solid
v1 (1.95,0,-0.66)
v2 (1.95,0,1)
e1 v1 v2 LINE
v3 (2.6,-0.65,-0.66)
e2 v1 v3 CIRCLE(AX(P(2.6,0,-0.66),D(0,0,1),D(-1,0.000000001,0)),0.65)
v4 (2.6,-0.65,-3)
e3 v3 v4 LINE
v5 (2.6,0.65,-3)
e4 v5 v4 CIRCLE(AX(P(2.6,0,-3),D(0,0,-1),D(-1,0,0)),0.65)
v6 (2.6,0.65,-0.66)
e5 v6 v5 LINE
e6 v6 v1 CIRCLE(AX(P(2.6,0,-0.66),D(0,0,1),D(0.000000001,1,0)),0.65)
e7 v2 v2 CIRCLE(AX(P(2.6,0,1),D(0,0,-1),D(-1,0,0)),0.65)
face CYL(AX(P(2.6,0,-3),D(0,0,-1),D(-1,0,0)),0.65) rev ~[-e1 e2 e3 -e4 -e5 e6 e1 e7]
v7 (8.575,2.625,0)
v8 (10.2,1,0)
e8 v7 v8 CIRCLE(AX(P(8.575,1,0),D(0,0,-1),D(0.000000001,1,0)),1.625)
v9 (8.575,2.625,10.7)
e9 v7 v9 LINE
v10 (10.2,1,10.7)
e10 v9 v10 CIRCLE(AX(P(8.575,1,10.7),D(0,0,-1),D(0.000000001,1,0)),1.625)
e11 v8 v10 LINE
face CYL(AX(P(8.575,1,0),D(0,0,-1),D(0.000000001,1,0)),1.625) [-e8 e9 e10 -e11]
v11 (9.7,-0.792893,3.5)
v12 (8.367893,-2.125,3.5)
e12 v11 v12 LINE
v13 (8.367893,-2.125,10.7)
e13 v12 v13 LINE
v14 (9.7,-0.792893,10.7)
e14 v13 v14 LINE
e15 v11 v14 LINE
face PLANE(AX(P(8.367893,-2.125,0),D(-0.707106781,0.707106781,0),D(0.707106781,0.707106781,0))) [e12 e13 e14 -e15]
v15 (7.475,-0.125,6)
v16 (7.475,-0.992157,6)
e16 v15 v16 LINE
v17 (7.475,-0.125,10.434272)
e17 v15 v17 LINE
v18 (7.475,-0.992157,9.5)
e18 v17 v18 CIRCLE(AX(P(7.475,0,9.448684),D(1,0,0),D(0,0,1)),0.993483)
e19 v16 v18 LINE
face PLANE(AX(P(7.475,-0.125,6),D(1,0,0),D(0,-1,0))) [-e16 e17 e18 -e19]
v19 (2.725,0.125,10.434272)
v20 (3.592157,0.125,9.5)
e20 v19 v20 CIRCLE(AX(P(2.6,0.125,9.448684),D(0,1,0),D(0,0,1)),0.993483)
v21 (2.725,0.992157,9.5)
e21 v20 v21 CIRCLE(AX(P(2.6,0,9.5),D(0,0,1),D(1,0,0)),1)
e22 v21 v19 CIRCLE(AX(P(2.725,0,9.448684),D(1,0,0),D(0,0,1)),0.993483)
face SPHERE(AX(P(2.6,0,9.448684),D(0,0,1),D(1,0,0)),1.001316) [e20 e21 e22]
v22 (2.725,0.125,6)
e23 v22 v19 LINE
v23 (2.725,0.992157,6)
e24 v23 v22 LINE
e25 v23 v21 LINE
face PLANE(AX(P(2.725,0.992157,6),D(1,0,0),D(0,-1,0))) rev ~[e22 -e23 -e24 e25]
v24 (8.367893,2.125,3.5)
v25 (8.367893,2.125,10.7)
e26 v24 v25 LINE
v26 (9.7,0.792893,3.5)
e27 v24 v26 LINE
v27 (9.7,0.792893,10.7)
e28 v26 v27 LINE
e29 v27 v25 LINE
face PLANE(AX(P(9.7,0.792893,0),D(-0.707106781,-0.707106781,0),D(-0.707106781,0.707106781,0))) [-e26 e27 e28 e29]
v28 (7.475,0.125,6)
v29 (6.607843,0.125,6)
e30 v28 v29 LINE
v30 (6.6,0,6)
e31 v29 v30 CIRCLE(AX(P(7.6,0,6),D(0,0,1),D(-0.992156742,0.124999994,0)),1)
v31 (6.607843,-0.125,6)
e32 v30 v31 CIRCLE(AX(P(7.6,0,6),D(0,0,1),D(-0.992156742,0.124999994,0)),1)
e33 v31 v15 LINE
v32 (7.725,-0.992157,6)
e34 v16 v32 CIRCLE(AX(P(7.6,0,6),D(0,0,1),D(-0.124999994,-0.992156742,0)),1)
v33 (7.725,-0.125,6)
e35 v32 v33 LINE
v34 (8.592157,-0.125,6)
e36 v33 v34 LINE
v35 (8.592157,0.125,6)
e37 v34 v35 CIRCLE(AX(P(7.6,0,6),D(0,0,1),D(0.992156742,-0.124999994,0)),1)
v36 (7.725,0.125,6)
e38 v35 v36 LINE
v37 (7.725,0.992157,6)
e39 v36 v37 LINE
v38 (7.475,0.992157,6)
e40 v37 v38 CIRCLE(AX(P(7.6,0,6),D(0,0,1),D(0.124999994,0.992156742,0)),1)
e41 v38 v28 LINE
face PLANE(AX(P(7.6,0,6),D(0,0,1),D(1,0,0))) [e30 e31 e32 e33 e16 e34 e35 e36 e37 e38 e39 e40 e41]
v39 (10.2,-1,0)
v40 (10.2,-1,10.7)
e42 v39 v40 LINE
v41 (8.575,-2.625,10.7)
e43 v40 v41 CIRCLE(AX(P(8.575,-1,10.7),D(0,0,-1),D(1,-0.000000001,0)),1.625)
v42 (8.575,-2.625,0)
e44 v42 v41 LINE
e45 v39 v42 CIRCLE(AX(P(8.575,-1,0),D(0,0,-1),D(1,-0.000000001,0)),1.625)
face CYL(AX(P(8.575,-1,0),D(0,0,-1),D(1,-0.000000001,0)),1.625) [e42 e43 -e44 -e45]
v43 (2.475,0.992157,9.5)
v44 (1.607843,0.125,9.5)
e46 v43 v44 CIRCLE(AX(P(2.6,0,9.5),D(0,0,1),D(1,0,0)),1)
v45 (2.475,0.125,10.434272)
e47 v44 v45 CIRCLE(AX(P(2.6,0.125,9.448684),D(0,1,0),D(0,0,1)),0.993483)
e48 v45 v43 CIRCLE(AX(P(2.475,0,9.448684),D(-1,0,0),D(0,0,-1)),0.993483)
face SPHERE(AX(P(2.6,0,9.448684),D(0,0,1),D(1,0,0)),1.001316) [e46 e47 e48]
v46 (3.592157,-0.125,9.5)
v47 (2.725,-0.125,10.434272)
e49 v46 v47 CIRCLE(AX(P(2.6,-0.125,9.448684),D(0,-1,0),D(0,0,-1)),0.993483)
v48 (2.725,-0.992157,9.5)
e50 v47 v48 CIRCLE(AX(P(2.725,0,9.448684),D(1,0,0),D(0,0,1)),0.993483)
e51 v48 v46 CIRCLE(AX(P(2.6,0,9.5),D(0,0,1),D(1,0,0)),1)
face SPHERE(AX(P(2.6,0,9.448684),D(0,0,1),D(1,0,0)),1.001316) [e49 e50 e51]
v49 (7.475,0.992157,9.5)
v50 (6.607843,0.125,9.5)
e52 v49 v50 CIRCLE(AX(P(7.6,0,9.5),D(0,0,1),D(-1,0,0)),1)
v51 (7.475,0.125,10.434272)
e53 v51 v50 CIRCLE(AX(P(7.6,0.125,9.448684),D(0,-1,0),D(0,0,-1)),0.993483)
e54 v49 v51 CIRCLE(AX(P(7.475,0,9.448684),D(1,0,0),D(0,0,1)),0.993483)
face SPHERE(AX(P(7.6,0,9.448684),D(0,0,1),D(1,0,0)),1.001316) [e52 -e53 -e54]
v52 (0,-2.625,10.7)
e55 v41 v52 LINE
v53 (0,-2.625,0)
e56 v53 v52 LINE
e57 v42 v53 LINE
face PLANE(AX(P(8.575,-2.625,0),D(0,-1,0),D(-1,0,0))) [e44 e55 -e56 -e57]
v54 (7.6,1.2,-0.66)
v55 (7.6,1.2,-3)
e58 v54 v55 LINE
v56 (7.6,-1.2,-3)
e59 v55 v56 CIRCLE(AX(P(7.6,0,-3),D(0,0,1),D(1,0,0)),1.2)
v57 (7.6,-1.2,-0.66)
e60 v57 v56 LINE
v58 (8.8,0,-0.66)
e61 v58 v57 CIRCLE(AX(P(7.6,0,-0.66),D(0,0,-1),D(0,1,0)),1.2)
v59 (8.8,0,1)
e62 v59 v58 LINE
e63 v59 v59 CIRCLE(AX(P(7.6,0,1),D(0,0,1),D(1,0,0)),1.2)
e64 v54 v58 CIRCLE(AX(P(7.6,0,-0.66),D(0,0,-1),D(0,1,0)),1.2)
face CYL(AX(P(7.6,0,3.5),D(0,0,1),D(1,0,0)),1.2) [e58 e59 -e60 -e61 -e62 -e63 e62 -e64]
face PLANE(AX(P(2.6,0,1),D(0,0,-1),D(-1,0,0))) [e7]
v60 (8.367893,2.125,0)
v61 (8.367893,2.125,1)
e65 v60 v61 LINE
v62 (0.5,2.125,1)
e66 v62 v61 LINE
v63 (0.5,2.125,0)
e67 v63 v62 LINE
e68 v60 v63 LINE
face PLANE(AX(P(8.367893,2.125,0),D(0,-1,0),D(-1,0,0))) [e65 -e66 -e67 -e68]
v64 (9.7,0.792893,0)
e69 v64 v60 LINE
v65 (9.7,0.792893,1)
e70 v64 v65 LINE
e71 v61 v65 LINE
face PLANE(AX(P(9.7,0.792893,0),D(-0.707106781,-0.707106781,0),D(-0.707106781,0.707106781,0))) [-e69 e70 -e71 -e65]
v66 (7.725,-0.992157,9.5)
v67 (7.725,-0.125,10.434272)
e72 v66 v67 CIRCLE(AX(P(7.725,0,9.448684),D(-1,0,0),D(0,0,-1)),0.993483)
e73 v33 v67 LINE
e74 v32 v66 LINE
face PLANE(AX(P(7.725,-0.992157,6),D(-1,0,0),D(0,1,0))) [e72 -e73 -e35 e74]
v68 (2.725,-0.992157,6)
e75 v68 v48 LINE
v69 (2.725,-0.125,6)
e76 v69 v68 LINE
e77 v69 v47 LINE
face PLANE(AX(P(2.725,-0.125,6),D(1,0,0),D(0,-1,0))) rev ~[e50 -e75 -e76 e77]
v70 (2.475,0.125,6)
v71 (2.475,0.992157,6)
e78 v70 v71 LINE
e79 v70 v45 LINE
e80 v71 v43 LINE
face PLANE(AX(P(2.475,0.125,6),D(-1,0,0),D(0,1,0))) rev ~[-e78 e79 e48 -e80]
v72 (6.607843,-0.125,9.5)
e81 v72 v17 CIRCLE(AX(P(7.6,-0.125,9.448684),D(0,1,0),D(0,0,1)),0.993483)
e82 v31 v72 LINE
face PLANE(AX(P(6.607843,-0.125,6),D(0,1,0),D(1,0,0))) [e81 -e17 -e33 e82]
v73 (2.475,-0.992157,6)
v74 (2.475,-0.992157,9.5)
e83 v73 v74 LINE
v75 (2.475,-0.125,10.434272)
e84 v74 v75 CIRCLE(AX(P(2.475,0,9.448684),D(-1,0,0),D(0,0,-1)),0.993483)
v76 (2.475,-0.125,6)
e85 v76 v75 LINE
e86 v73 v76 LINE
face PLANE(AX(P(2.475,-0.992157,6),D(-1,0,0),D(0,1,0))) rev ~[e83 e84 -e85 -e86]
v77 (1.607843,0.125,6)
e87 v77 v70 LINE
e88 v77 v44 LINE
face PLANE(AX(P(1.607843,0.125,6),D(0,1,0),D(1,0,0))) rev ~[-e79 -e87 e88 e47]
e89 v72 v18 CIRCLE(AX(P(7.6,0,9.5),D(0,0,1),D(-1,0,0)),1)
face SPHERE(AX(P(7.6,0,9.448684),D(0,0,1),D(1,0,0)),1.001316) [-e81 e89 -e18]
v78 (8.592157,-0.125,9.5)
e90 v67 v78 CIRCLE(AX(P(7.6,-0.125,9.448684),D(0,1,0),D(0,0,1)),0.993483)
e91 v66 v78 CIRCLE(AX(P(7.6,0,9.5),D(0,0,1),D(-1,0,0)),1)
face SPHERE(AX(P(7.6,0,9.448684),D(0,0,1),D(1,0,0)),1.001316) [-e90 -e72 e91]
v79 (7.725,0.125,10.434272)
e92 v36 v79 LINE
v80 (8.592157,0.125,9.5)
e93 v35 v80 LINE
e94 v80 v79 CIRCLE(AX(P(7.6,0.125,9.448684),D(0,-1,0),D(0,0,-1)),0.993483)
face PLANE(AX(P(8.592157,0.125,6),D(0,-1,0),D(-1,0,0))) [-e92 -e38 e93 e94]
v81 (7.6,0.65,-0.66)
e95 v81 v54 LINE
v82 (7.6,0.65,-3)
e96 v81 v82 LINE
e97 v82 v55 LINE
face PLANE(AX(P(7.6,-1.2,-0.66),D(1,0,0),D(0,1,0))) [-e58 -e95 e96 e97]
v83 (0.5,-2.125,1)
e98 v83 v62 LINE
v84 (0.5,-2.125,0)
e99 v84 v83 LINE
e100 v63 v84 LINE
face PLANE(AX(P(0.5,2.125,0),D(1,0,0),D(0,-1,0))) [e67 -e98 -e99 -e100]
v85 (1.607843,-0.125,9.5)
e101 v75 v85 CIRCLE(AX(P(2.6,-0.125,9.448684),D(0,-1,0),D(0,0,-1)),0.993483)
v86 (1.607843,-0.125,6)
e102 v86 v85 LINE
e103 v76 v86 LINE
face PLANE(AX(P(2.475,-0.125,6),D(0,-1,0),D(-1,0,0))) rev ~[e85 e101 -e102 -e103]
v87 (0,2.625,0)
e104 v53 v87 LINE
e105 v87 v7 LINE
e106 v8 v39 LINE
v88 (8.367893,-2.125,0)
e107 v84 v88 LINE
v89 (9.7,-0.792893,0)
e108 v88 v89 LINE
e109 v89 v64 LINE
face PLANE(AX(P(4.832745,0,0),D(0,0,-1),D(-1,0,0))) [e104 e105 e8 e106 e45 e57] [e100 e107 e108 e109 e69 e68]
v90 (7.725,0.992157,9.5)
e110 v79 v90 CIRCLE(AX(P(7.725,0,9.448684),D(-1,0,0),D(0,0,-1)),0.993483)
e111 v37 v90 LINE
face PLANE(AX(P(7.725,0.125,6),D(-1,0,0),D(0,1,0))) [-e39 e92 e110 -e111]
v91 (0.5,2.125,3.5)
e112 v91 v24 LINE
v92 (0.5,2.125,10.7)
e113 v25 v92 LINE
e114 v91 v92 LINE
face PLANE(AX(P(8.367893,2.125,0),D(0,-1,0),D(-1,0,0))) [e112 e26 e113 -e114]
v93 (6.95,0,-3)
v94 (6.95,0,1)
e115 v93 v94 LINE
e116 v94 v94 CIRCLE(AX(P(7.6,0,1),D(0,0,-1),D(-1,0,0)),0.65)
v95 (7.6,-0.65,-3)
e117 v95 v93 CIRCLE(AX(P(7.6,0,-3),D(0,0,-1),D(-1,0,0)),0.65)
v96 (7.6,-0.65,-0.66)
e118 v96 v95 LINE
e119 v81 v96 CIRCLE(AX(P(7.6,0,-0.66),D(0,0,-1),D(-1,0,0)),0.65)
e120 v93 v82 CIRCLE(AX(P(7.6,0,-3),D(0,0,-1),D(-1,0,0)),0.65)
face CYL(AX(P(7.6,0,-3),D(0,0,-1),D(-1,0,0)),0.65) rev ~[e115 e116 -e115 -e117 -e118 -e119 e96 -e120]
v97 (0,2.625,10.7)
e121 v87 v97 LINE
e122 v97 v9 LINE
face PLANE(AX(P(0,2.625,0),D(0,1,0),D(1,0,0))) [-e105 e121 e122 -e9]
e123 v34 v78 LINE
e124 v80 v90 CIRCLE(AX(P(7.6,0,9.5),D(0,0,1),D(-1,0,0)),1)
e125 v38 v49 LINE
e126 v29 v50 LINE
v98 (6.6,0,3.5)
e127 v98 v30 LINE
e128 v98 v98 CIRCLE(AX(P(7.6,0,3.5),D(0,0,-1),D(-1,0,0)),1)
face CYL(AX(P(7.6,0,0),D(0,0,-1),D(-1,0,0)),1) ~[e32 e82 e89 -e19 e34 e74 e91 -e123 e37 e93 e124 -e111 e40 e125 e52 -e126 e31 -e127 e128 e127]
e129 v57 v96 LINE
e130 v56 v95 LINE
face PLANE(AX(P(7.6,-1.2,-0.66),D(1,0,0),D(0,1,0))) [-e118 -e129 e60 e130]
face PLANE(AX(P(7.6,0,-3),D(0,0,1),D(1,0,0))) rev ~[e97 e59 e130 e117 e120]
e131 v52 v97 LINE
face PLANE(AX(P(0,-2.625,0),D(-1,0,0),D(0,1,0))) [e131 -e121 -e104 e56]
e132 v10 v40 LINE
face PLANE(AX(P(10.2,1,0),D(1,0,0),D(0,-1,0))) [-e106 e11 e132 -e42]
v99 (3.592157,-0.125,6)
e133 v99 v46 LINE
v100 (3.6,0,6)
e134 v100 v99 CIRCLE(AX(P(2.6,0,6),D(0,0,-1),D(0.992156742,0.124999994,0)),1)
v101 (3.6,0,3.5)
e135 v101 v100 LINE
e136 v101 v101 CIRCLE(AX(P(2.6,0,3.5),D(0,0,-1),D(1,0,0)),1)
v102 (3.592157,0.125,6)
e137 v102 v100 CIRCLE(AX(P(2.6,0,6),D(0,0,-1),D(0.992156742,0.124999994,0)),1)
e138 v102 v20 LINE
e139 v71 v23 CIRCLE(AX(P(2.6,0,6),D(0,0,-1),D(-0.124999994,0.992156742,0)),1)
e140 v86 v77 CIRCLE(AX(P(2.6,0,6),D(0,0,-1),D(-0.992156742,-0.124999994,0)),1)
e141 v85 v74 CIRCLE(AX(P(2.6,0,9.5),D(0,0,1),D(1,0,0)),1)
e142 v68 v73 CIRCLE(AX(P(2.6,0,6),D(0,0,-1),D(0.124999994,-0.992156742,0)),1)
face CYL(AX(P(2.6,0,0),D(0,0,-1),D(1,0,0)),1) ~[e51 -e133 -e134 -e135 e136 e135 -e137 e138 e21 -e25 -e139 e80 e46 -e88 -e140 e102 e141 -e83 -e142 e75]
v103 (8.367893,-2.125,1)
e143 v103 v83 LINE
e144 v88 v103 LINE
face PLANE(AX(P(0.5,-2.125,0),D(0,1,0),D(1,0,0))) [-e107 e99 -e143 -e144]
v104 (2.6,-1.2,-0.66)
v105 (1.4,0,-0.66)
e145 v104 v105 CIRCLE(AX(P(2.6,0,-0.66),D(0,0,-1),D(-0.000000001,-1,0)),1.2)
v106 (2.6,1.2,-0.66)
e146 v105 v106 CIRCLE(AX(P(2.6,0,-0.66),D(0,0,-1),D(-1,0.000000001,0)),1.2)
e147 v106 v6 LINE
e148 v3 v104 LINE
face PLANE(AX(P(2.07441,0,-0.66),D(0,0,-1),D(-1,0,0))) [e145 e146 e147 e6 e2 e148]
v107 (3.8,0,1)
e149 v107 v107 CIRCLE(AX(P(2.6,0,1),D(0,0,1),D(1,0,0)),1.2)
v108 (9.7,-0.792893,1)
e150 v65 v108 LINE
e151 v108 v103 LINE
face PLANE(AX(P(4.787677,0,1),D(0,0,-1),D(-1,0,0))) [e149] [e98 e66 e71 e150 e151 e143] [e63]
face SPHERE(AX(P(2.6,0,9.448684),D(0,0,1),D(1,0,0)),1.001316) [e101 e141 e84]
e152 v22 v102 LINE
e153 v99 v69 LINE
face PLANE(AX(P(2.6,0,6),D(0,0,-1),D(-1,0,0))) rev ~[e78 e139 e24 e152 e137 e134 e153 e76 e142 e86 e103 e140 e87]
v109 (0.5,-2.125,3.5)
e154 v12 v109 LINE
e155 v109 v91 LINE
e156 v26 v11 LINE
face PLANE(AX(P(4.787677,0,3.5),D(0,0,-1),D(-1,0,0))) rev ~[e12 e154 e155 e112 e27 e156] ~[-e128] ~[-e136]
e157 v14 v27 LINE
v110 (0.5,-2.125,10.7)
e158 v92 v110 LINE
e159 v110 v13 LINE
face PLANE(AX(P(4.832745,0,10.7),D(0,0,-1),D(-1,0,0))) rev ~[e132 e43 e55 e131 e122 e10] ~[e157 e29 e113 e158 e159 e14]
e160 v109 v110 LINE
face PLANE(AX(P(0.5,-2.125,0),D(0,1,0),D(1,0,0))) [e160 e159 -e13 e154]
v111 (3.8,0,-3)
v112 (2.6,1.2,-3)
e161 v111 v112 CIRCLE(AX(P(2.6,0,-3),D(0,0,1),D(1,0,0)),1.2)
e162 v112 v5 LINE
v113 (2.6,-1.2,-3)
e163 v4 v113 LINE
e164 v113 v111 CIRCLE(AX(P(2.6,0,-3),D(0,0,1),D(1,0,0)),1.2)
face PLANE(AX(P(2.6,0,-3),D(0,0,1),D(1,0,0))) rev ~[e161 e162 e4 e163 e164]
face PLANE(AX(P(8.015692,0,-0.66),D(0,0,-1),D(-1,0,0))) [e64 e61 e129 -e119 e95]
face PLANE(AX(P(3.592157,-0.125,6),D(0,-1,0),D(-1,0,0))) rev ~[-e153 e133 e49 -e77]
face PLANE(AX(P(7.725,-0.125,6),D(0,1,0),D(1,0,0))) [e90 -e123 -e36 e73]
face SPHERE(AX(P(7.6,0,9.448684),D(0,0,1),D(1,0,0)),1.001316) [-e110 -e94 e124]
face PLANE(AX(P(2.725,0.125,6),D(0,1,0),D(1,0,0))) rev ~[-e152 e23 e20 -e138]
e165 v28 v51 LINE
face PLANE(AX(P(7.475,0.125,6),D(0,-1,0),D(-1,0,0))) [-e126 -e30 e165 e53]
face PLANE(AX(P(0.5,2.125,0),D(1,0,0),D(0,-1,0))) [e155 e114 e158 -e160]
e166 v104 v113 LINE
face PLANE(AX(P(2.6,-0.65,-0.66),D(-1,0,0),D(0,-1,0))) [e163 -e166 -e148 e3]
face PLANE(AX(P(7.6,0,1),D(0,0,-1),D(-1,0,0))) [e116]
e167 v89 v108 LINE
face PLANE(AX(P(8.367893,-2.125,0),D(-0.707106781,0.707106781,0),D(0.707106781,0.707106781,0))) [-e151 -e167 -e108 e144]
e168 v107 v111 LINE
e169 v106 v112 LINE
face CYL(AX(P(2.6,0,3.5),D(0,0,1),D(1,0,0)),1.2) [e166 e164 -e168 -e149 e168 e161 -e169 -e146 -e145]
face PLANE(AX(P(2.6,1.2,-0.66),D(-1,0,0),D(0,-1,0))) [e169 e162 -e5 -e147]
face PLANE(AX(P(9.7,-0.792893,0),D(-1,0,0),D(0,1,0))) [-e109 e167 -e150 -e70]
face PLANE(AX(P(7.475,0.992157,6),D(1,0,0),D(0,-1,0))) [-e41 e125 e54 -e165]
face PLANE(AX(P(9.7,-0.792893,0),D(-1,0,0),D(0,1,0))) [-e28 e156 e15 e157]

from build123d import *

# Parameters (mm, degrees)
BOSS_EXTRUDE1_DEPTH   = 10.7
SKETCH1_4_R           = 1
BOSS_EXTRUDE5_DEPTH   = 9.5
BOSS_EXTRUDE5_2_DEPTH = 9.5
BOSS_EXTRUDE3_DEPTH   = 2.5
DOME1_FACE_RADIUS     = 1
DOME1_HEIGHT          = 0.95
DOME2_FACE_RADIUS     = 1
DOME2_HEIGHT          = 0.95
CUT_EXTRUDE1_DEPTH    = 13.121494339
SKETCH5_R             = 1.2
BOSS_EXTRUDE6_DEPTH   = 6.5
SKETCH6_R             = 0.65
CUT_EXTRUDE2_DEPTH    = 4
CUT_EXTRUDE3_START    = -2.34
CUT_EXTRUDE3_DEPTH    = 2.34


with BuildPart() as part:
    # Sketch1 → Boss-Extrude1 (new body)
    with BuildSketch(Plane.XY):
        with BuildLine():
            Line((0, -2.625), (0, 2.625))
            Line((0, 2.625), (8.575, 2.625))
            ThreePointArc((8.575, 2.625), (9.724048519, 2.149048519), (10.2, 1))
            Line((10.2, 1), (10.2, -1))
            ThreePointArc((10.2, -1), (9.724048519, -2.149048519), (8.575, -2.625))
            Line((8.575, -2.625), (0, -2.625))
        make_face()
        Polygon((0.5, -2.125), (8.367893219, -2.125), (9.7, -0.792893219), (9.7, 0.792893219), (8.367893219, 2.125), (0.5, 2.125), align=None, mode=Mode.SUBTRACT)
    extrude(amount=BOSS_EXTRUDE1_DEPTH)

    # Sketch3 → Boss-Extrude3 (add)
    with BuildSketch(Plane(origin=(0, 0, 1), x_dir=(-1, 0, 0), z_dir=(0, 0, -1))):
        Polygon((-0.5, -2.125), (-0.5, 2.125), (-8.367893219, 2.125), (-9.7, 0.792893219), (-9.7, -0.792893219), (-8.367893219, -2.125), align=None)
    extrude(amount=-BOSS_EXTRUDE3_DEPTH)



with BuildPart() as body_2:
    # Sketch1<4> → Boss-Extrude5 (new body)
    with BuildSketch(Plane.XY):
        with Locations((2.6, 0)):
            Circle(SKETCH1_4_R)
    extrude(amount=BOSS_EXTRUDE5_DEPTH)

    # Dome2: a dome of height H over a round flat face of radius A is a cap of a sphere of radius (A * A + H * H) / (2 * H)
    dome2_r = (DOME2_FACE_RADIUS * DOME2_FACE_RADIUS + DOME2_HEIGHT * DOME2_HEIGHT) / (2 * DOME2_HEIGHT)
    dome2_base = Plane((2.6, 0, 9.5), z_dir=(0, 0, 1))
    with Locations(dome2_base.offset(DOME2_HEIGHT - dome2_r)):
        dome2_ball = Sphere(dome2_r, mode=Mode.PRIVATE)
    add(split(dome2_ball, bisect_by=dome2_base, keep=Keep.TOP, mode=Mode.PRIVATE))


with BuildPart() as body_3:
    # Sketch1<4> → Boss-Extrude5 2 (new body)
    with BuildSketch(Plane.XY):
        with Locations(Location((7.6, 0, 0), (0, 0, 180))):
            Circle(SKETCH1_4_R)
    extrude(amount=BOSS_EXTRUDE5_2_DEPTH)

    # Dome1: a dome of height H over a round flat face of radius A is a cap of a sphere of radius (A * A + H * H) / (2 * H)
    dome1_r = (DOME1_FACE_RADIUS * DOME1_FACE_RADIUS + DOME1_HEIGHT * DOME1_HEIGHT) / (2 * DOME1_HEIGHT)
    dome1_base = Plane((7.6, 0, 9.5), z_dir=(0, 0, 1))
    with Locations(dome1_base.offset(DOME1_HEIGHT - dome1_r)):
        dome1_ball = Sphere(dome1_r, mode=Mode.PRIVATE)
    add(split(dome1_ball, bisect_by=dome1_base, keep=Keep.TOP, mode=Mode.PRIVATE))


with BuildPart() as cut_extrude1_tool:
    # Sketch4 → Cut-Extrude1 (new, through all)
    with BuildSketch(Plane.XY.offset(6)):
        with BuildLine():
            Line((7.475, 0.992156742), (7.475, 0.125))
            Line((7.475, 0.125), (6.607843258, 0.125))
            ThreePointArc((6.607843258, 0.125), (6.6, 0), (6.607843258, -0.125))
            Line((6.607843258, -0.125), (7.475, -0.125))
            Line((7.475, -0.125), (7.475, -0.992156742))
            ThreePointArc((7.475, -0.992156742), (7.6, -1), (7.725, -0.992156742))
            Line((7.725, -0.992156742), (7.725, -0.125))
            Line((7.725, -0.125), (8.592156742, -0.125))
            ThreePointArc((8.592156742, -0.125), (8.6, 0), (8.592156742, 0.125))
            Line((8.592156742, 0.125), (7.725, 0.125))
            Line((7.725, 0.125), (7.725, 0.992156742))
            ThreePointArc((7.725, 0.992156742), (7.6, 1), (7.475, 0.992156742))
        make_face()
        with BuildLine():
            Line((3.592156742, -0.125), (2.725, -0.125))
            Line((2.725, -0.125), (2.725, -0.992156742))
            ThreePointArc((2.725, -0.992156742), (2.6, -1), (2.475, -0.992156742))
            Line((2.475, -0.992156742), (2.475, -0.125))
            Line((2.475, -0.125), (1.607843258, -0.125))
            ThreePointArc((1.607843258, -0.125), (1.6, 0), (1.607843258, 0.125))
            Line((1.607843258, 0.125), (2.475, 0.125))
            Line((2.475, 0.125), (2.475, 0.992156742))
            ThreePointArc((2.475, 0.992156742), (2.6, 1), (2.725, 0.992156742))
            Line((2.725, 0.992156742), (2.725, 0.125))
            Line((2.725, 0.125), (3.592156742, 0.125))
            ThreePointArc((3.592156742, 0.125), (3.6, 0), (3.592156742, -0.125))
        make_face()
    extrude(amount=CUT_EXTRUDE1_DEPTH)


with BuildPart() as body_2_1:
    add(body_2.part)

    # Cut-Extrude1: cut by cut_extrude1_tool
    add(cut_extrude1_tool.part, mode=Mode.SUBTRACT)


with BuildPart() as body_3_1:
    add(body_3.part)

    # Cut-Extrude1: cut by cut_extrude1_tool
    add(cut_extrude1_tool.part, mode=Mode.SUBTRACT)


with BuildPart() as part_1:
    add(part.part)

    add(body_2_1.part)  # Boss-Extrude6 merges body 2

    add(body_3_1.part)  # Boss-Extrude6 merges body 3
    # Sketch5 → Boss-Extrude6 (add)
    with BuildSketch(Plane.XY.offset(3.5)):
        with Locations((7.6, 0)):
            Circle(SKETCH5_R)
        with Locations((2.6, 0)):
            Circle(SKETCH5_R)
    extrude(amount=-BOSS_EXTRUDE6_DEPTH)

    # Sketch6 → Cut-Extrude2 (cut)
    with BuildSketch(Plane(origin=(0, 0, -3), x_dir=(-1, 0, 0), z_dir=(0, 0, -1))):
        with Locations((-2.6, 0)):
            Circle(SKETCH6_R)
        with Locations((-7.6, 0)):
            Circle(SKETCH6_R)
    extrude(amount=-CUT_EXTRUDE2_DEPTH, mode=Mode.SUBTRACT)

    # Sketch7 → Cut-Extrude3 (cut)
    with BuildSketch(Plane(origin=(0, 0, -3), x_dir=(-1, 0, 0), z_dir=(0, 0, -1)).offset(CUT_EXTRUDE3_START)):
        with BuildLine():
            Line((-2.6, -0.65), (-2.6, -1.2))
            ThreePointArc((-2.6, -1.2), (-1.751471863, -0.848528137), (-1.4, 0))
            ThreePointArc((-1.4, 0), (-1.751471863, 0.848528137), (-2.6, 1.2))
            Line((-2.6, 1.2), (-2.6, 0.65))
            ThreePointArc((-2.6, 0.65), (-2.140380592, 0.459619408), (-1.95, 0))
            ThreePointArc((-1.95, 0), (-2.140380592, -0.459619408), (-2.6, -0.65))
        make_face()
        with BuildLine():
            ThreePointArc((-7.6, 1.2), (-8.8, 0), (-7.6, -1.2))
            Line((-7.6, -1.2), (-7.6, 1.2))
        make_face()
    extrude(amount=CUT_EXTRUDE3_DEPTH, mode=Mode.SUBTRACT)


solid = part_1.part
